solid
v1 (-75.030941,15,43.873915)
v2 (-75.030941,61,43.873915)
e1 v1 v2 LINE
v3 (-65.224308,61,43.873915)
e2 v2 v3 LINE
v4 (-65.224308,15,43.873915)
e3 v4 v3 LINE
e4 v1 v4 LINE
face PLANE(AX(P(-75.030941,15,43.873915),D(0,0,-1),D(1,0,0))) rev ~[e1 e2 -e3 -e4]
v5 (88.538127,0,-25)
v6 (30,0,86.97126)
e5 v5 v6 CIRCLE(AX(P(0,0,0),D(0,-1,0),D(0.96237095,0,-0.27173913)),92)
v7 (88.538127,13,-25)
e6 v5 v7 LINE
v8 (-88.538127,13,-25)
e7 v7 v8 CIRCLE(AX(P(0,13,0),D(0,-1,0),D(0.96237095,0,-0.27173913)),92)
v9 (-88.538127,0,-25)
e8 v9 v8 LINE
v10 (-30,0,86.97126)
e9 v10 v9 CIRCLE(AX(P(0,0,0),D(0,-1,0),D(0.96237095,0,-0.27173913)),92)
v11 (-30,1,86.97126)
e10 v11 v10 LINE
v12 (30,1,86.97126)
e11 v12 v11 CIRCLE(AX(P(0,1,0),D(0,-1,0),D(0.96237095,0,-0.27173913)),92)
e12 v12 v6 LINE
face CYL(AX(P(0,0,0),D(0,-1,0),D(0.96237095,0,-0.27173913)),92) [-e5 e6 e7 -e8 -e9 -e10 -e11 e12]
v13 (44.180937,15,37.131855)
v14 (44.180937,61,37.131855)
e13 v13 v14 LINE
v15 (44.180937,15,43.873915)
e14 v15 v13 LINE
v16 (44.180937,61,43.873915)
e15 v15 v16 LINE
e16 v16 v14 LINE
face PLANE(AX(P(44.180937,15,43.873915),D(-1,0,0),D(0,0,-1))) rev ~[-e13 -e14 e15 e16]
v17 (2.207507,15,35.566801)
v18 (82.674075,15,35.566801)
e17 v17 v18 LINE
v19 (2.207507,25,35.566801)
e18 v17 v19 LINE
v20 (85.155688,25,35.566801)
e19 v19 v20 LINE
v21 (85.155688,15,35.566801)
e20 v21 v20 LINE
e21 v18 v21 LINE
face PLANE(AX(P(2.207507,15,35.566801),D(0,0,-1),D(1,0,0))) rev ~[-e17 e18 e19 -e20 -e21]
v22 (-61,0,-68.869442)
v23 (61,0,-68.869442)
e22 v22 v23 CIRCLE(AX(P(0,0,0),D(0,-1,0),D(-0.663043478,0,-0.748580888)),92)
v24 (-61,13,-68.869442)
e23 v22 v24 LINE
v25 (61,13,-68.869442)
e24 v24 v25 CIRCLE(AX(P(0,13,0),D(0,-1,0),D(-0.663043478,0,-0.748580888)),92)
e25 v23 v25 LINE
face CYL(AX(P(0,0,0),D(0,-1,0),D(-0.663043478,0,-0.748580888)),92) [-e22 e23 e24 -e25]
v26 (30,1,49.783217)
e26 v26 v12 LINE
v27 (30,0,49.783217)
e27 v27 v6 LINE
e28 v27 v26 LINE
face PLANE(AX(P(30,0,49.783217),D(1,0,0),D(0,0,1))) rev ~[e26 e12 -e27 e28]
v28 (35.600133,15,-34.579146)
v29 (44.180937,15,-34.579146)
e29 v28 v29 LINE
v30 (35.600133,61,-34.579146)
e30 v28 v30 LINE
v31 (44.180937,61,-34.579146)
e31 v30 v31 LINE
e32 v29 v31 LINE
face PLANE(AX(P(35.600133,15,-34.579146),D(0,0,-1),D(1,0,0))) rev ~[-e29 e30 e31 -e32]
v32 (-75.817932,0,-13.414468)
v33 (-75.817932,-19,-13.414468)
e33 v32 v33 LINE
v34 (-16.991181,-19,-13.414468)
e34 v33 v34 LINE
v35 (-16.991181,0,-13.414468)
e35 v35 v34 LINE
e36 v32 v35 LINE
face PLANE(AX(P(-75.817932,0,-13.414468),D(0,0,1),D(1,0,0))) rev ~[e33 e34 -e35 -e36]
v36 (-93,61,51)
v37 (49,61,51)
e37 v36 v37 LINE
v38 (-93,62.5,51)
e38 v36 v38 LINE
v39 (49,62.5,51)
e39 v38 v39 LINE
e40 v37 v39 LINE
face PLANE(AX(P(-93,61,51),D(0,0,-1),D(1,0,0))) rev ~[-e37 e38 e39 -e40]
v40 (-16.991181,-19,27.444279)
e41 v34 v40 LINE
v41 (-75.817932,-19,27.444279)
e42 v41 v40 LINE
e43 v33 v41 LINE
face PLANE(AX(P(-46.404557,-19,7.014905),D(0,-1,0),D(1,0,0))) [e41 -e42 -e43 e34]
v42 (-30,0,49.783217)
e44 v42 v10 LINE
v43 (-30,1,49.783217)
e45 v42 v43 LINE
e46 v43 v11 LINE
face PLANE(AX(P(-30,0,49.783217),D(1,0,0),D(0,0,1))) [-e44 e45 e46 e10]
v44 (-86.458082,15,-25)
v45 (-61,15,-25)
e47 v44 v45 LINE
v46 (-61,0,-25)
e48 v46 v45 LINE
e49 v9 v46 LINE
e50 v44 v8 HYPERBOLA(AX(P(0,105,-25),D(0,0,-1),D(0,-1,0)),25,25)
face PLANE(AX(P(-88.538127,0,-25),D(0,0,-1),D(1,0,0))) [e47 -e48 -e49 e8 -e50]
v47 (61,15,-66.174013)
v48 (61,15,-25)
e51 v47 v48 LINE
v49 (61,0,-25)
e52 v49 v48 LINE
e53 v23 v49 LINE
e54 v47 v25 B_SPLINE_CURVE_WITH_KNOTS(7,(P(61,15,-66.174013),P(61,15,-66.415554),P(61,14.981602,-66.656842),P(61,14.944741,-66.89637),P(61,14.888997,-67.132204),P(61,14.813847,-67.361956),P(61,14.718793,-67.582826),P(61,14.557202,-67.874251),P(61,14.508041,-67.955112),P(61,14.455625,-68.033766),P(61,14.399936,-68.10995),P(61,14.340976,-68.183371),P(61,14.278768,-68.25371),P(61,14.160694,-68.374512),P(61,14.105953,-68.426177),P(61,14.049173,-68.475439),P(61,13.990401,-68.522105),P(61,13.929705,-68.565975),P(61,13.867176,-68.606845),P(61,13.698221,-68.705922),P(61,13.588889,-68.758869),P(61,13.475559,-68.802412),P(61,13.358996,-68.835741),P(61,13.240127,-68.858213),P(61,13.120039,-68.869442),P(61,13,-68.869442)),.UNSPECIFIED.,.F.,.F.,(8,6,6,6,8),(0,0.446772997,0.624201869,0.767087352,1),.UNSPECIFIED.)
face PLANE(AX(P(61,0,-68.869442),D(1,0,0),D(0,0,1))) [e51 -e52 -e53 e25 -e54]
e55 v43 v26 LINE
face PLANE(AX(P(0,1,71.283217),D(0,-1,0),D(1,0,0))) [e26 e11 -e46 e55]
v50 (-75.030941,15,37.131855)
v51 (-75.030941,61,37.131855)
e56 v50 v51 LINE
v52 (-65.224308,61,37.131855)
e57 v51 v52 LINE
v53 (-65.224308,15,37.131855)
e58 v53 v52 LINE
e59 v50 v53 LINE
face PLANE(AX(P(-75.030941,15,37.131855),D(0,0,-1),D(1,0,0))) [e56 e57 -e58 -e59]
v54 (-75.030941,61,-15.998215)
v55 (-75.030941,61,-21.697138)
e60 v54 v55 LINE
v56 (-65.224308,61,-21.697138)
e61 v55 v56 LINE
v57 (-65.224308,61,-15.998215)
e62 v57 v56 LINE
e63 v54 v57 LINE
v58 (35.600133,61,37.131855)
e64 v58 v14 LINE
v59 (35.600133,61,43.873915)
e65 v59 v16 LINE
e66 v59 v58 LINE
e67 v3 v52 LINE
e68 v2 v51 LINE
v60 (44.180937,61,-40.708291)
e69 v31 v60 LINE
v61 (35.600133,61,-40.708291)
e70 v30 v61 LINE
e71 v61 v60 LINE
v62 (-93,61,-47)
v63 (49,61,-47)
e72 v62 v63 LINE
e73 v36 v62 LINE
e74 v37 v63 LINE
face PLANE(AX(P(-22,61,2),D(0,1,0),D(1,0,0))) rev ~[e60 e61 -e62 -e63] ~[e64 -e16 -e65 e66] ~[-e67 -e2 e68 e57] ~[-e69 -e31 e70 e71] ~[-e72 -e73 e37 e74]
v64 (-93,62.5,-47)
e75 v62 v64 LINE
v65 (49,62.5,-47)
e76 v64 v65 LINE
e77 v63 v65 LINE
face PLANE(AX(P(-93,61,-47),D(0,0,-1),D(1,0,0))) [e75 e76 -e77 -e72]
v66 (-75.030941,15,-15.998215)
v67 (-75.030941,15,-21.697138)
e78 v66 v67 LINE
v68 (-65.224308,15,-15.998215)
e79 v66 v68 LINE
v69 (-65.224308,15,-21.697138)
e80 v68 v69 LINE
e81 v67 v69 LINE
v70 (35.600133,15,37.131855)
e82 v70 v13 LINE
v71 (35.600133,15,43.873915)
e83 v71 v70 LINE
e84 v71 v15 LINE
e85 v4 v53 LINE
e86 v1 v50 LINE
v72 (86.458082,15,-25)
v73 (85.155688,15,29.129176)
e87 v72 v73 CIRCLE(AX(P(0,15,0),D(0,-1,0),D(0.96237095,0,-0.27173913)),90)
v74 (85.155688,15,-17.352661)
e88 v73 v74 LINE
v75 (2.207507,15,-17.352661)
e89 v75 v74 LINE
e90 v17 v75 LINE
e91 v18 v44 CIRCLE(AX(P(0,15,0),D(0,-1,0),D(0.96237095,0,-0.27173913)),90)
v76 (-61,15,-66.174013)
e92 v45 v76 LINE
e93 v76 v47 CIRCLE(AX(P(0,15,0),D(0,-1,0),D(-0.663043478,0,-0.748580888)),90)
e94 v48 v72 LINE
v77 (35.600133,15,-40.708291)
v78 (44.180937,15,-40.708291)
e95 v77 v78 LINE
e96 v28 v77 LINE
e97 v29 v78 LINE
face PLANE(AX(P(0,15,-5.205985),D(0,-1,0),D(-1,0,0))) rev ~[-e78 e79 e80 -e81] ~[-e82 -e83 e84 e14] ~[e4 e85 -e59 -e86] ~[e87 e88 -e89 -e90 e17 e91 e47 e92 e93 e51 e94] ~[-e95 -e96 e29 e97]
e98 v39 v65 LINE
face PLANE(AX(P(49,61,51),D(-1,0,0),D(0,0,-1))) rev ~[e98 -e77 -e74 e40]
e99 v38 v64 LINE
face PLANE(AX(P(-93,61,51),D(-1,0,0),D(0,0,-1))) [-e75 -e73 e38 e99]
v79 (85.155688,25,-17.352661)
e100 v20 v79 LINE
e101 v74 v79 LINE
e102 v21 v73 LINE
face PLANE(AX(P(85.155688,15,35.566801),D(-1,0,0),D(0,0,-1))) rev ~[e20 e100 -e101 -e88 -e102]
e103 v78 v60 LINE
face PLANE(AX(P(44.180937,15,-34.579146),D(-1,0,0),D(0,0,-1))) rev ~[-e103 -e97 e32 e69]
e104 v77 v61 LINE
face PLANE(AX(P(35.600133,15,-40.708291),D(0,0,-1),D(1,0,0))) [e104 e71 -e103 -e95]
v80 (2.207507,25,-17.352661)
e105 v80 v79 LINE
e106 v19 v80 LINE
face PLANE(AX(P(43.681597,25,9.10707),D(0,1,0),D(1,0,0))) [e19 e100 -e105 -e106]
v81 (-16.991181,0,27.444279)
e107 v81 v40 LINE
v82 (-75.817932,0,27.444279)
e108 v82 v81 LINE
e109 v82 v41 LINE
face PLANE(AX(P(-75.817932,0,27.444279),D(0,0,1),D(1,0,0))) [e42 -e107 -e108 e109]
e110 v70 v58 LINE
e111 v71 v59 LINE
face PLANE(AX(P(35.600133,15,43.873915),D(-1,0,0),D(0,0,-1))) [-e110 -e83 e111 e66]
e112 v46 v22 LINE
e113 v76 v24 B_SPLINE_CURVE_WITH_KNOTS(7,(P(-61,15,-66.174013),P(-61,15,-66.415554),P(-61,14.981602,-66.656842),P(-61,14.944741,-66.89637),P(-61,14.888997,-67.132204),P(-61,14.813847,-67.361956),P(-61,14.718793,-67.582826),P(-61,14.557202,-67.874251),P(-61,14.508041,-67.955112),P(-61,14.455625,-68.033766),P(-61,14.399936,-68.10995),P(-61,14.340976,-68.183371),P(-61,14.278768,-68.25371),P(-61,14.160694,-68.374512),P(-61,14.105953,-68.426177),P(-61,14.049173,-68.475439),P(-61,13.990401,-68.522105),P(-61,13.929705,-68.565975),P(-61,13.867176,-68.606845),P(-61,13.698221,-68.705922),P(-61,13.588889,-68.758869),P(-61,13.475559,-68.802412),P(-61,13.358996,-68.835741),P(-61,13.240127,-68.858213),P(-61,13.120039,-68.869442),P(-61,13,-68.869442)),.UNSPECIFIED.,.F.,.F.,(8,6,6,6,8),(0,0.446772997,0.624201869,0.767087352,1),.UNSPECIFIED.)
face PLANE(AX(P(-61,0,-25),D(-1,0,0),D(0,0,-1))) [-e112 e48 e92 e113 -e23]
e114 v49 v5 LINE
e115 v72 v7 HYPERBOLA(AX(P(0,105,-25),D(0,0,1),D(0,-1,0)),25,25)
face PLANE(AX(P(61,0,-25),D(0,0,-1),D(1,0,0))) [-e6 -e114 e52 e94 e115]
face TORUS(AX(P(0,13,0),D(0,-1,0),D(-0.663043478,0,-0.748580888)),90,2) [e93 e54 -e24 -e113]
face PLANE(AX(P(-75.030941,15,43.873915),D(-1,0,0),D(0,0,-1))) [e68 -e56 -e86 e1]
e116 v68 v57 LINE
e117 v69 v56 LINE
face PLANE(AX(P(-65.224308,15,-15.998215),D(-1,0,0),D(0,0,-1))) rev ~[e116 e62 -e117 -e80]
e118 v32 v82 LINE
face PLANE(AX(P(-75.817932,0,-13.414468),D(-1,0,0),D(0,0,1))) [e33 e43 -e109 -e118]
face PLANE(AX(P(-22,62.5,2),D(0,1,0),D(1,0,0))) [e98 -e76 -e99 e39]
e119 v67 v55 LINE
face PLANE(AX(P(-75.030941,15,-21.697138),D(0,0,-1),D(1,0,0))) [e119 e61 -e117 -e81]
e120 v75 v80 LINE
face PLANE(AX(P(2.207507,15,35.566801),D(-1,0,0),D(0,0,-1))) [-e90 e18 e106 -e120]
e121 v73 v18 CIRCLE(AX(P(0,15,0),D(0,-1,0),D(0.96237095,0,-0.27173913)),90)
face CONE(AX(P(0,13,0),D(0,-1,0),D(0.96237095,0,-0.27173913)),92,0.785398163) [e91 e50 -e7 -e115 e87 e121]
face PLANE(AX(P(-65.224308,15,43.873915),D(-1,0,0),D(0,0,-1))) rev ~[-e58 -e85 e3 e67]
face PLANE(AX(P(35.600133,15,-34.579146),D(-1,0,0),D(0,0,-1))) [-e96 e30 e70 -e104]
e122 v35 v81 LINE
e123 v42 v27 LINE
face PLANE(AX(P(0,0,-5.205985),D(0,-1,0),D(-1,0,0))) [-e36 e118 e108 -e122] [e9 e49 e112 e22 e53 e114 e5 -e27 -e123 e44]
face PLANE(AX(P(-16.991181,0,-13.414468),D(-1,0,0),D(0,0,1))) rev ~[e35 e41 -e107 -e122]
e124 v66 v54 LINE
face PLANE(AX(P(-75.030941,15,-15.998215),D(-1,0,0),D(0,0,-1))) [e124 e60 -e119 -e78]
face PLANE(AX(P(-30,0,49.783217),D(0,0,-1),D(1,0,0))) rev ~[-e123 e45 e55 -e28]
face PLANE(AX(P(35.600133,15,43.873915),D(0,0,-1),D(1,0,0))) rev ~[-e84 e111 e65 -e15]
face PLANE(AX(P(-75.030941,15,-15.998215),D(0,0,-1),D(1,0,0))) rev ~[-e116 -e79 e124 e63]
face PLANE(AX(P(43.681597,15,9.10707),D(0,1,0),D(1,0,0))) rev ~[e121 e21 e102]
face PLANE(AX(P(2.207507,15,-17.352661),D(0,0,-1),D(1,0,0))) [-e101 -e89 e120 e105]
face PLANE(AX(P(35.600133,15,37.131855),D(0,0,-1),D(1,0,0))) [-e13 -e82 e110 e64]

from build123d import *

# Parameters (mm, degrees)
EXTRUDE_1_DEPTH     = 15
SKETCH_2_W          = 60
SKETCH_2_H          = 43
CUT_EXTRUDE_1_DEPTH = 1
EXTRUDE_START       = 46
SKETCH_3_W          = 142
SKETCH_3_H          = 98
EXTRUDE_2_DEPTH     = 1.5
EXTRUDE_3_REACH     = 141.173
SKETCH_4_W          = 8.580803558
SKETCH_4_H          = 6.129145399
SKETCH_4_H_2        = 6.742059939
SKETCH_4_W_2        = 9.806632637
SKETCH_4_H_3        = 5.698922344
CHAMFER_1_SIZE      = 2
FILLET_1_R          = 2
SKETCH_5_W          = 58.826750964
SKETCH_5_H          = 40.858747532
EXTRUDE_4_DEPTH     = 19
SKETCH_6_W          = 82.94818023
SKETCH_6_H          = 52.919462164
EXTRUDE_5_DEPTH     = 10


with BuildPart() as part:
    # 草图1 → 凸台-拉伸1 (new body)
    with BuildSketch(Plane(origin=(0, 0, 0), x_dir=(1, 0, 0), z_dir=(0, 1, 0))):
        with BuildLine():
            Line((61, 68.869441699), (61, 25))
            Line((61, 25), (88.53812738, 25))
            ThreePointArc((88.53812738, 25), (0, -92), (-88.53812738, 25))
            Line((-88.53812738, 25), (-61, 25))
            Line((-61, 25), (-61, 68.869441699))
            ThreePointArc((-61, 68.869441699), (0, 92), (61, 68.869441699))
        make_face()
    extrude(amount=EXTRUDE_1_DEPTH)

    # 草图2 → 切除-拉伸1 (cut)
    with BuildSketch(Plane.XZ):
        with Locations((0, 71.283217175)):
            Rectangle(SKETCH_2_W, SKETCH_2_H)
    extrude(amount=-CUT_EXTRUDE_1_DEPTH, mode=Mode.SUBTRACT)


with BuildPart() as body_2:
    # 草图3 → 凸台-拉伸2 (new body)
    with BuildSketch(Plane(origin=(0, 15, 0), x_dir=(1, 0, 0), z_dir=(0, 1, 0)).offset(EXTRUDE_START)):
        with Locations((-22, -2)):
            Rectangle(SKETCH_3_W, SKETCH_3_H)
    extrude(amount=EXTRUDE_2_DEPTH)

    # 草图4 → 凸台-拉伸3 (add, up to next)
    with BuildSketch(Plane(origin=(0, 15, 0), x_dir=(1, 0, 0), z_dir=(0, 1, 0)), mode=Mode.PRIVATE) as extrude_3_sk1:
        with Locations((39.89053511, 37.643718522)):
            Rectangle(SKETCH_4_W, SKETCH_4_H)
    extrude_3_tool1 = extrude(extrude_3_sk1.sketch, amount=EXTRUDE_3_REACH, mode=Mode.PRIVATE) - body_2.part
    # 草图4 → 凸台-拉伸3 (add, up to next)
    with BuildSketch(Plane(origin=(0, 15, 0), x_dir=(1, 0, 0), z_dir=(0, 1, 0)), mode=Mode.PRIVATE) as extrude_3_sk2:
        with Locations((39.89053511, -40.502885308)):
            Rectangle(SKETCH_4_W, SKETCH_4_H_2)
    extrude_3_tool2 = extrude(extrude_3_sk2.sketch, amount=EXTRUDE_3_REACH, mode=Mode.PRIVATE) - body_2.part
    # 草图4 → 凸台-拉伸3 (add, up to next)
    with BuildSketch(Plane(origin=(0, 15, 0), x_dir=(1, 0, 0), z_dir=(0, 1, 0)), mode=Mode.PRIVATE) as extrude_3_sk3:
        with Locations((-70.127624791, -40.502885308)):
            Rectangle(SKETCH_4_W_2, SKETCH_4_H_2)
    extrude_3_tool3 = extrude(extrude_3_sk3.sketch, amount=EXTRUDE_3_REACH, mode=Mode.PRIVATE) - body_2.part
    # 草图4 → 凸台-拉伸3 (add, up to next)
    with BuildSketch(Plane(origin=(0, 15, 0), x_dir=(1, 0, 0), z_dir=(0, 1, 0)), mode=Mode.PRIVATE) as extrude_3_sk4:
        with Locations((-70.127624791, 18.84767654)):
            Rectangle(SKETCH_4_W_2, SKETCH_4_H_3)
    extrude_3_tool4 = extrude(extrude_3_sk4.sketch, amount=EXTRUDE_3_REACH, mode=Mode.PRIVATE) - body_2.part

    add(part.part)  # 凸台-拉伸3 merges part
    add(extrude_3_tool1.solids().sort_by_distance((39.890535, 15, -37.643719))[0])
    add(extrude_3_tool2.solids().sort_by_distance((39.890535, 15, 40.502885))[0])
    add(extrude_3_tool3.solids().sort_by_distance((-70.127625, 15, 40.502885))[0])
    add(extrude_3_tool4.solids().sort_by_distance((-70.127625, 15, -18.847677))[0])

    # 倒角1
    chamfer_1_edges = [body_2.edges().sort_by_distance(p)[0] for p in [
        (0, 15, 92),
    ]]
    chamfer(chamfer_1_edges, length=CHAMFER_1_SIZE)

    # 圆角1
    fillet_1_edges = [body_2.edges().sort_by_distance(p)[0] for p in [
        (0, 15, -92),
    ]]
    fillet(fillet_1_edges, radius=FILLET_1_R)

    # 草图5 → 凸台-拉伸4 (add)
    with BuildSketch(Plane.XZ):
        with Locations((-46.404556715, 7.01490545)):
            Rectangle(SKETCH_5_W, SKETCH_5_H)
    extrude(amount=EXTRUDE_4_DEPTH)

    # 草图6 → 凸台-拉伸5 (add)
    with BuildSketch(Plane(origin=(0, 15, 0), x_dir=(1, 0, 0), z_dir=(0, 1, 0))):
        with Locations((43.681597482, -9.107070233)):
            Rectangle(SKETCH_6_W, SKETCH_6_H)
    extrude(amount=EXTRUDE_5_DEPTH)


solid = body_2.part
